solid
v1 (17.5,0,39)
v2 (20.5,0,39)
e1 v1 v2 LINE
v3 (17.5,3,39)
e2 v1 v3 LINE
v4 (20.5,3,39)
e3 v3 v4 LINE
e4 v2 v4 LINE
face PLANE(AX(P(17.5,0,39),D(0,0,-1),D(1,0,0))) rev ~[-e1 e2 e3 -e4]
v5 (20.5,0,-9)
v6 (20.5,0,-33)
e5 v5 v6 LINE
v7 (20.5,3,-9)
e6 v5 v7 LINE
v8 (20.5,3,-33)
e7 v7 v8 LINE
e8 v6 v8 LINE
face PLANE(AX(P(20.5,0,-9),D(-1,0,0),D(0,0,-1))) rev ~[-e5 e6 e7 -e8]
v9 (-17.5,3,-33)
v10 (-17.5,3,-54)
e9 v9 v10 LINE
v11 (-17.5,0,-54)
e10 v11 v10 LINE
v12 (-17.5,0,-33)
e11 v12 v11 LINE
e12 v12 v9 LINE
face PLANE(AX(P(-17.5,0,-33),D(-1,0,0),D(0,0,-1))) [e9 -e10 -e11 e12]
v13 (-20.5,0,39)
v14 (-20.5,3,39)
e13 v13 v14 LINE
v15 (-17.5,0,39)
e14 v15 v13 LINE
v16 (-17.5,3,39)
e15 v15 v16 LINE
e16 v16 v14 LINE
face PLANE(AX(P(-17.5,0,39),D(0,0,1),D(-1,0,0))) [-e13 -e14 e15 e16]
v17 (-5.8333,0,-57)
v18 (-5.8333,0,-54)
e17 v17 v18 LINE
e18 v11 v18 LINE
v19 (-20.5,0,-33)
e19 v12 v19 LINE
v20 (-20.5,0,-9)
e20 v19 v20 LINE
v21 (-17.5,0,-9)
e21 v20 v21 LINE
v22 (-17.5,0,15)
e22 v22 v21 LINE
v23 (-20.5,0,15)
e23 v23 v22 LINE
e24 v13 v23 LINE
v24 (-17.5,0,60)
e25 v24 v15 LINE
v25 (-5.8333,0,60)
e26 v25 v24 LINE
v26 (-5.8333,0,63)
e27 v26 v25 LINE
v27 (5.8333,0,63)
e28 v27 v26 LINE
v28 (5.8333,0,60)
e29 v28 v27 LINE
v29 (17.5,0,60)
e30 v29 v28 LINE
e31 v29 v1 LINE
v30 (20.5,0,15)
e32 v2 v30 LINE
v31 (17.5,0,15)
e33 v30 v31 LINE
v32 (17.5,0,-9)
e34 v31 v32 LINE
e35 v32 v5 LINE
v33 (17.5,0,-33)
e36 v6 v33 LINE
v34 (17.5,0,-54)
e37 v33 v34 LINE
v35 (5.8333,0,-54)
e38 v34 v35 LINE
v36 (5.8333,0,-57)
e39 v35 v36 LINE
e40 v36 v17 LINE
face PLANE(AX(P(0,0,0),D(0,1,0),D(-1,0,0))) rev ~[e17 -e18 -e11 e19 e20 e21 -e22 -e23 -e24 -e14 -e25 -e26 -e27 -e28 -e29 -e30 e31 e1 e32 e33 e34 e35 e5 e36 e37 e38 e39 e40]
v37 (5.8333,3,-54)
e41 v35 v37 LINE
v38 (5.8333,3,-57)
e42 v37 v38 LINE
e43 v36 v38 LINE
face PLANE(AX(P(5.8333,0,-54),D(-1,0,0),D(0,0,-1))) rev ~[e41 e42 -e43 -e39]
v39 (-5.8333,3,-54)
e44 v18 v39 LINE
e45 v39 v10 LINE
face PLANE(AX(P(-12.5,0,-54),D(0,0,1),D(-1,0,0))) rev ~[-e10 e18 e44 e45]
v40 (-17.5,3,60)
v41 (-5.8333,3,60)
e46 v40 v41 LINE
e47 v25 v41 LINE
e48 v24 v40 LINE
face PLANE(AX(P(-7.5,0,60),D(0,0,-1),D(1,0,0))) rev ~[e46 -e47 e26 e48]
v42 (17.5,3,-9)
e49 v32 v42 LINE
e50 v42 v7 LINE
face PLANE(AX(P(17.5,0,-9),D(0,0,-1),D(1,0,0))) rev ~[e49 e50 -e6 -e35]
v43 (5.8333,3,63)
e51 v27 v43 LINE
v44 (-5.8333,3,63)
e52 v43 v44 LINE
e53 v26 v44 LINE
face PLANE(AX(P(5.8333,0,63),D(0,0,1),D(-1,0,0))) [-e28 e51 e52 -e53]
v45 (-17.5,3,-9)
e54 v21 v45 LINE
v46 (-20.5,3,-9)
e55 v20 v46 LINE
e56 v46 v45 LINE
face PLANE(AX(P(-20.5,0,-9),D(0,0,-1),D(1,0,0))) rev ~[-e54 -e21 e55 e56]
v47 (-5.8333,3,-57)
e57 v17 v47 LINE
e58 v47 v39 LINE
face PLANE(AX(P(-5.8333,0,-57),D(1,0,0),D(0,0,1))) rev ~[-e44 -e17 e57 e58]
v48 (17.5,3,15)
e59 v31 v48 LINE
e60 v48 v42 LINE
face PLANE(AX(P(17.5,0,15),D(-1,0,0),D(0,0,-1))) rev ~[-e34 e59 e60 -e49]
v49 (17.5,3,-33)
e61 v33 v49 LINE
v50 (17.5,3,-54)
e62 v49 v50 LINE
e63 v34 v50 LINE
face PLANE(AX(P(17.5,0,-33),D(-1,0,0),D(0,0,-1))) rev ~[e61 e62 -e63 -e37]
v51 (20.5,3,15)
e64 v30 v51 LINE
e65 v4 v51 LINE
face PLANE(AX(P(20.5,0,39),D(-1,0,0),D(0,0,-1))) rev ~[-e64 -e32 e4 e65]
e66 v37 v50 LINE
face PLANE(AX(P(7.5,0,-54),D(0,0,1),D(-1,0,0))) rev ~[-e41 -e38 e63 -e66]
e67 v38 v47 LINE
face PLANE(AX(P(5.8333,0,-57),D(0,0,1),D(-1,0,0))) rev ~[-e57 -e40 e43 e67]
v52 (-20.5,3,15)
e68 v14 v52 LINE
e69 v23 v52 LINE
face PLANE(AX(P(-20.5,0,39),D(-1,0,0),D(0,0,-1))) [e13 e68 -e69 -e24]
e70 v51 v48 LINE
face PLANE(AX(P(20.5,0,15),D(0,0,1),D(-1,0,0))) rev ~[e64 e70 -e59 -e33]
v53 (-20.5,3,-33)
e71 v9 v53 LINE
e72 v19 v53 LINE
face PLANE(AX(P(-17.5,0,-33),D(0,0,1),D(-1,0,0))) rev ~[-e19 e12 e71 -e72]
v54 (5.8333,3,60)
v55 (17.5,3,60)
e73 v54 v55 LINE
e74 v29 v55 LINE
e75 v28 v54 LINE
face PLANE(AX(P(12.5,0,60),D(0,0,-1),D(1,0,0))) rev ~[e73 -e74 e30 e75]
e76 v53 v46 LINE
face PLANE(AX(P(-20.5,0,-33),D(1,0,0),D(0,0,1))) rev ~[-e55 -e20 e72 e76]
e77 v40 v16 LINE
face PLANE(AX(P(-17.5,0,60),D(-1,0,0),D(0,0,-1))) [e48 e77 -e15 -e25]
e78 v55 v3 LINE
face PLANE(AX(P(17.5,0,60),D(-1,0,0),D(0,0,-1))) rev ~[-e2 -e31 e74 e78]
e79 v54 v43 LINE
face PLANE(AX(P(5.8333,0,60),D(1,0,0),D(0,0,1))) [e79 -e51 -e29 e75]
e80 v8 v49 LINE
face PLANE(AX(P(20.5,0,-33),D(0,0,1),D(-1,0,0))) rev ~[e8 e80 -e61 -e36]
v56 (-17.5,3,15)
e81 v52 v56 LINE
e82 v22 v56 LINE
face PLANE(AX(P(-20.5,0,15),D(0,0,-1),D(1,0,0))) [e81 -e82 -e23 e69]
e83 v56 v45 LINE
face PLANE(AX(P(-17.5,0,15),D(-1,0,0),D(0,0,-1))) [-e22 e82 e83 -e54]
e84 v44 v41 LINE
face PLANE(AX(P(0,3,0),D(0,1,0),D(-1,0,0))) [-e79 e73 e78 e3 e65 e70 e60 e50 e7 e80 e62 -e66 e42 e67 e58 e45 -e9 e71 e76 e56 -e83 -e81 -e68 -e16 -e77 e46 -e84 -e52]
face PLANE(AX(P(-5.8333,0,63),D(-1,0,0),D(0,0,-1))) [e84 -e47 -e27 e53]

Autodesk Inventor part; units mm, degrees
ref_plane "YZ Plane" through (0, 0, 0) normal (1, 0, 0) x (0, 1, 0)
ref_plane "XZ Plane" through (0, 0, 0) normal (0, 1, 0) x (-1, 0, 0)
ref_plane "XY Plane" through (0, 0, 0) normal (0, 0, 1) x (1, 0, 0)
sketch "Sketch1" plane through (0, 0, 0) normal (0, 1, 0) x (-1, 0, 0)
  line L0 (-2.5, -54) -> (-2.5, -54)
  line L1 (-2.5, -54) -> (2.5, -54)
  line L2 (2.5, -54) -> (2.5, -54)
  line L3 (-12.5, -54) -> (-12.5, -54)
  line L4 (-12.5, -54) -> (-7.5, -54)
  line L5 (-7.5, -54) -> (-7.5, -54)
  line L6 (12.5, -54) -> (12.5, -54)
  line L7 (12.5, -54) -> (7.5, -54)
  line L8 (7.5, -54) -> (7.5, -54)
  line L9 (7.5, 60) -> (7.5, 60)
  line L10 (7.5, 60) -> (12.5, 60)
  line L11 (12.5, 60) -> (12.5, 60)
  line L12 (-2.5, 60) -> (-2.5, 60)
  line L13 (-2.5, 60) -> (2.5, 60)
  line L14 (2.5, 60) -> (2.5, 60)
  line L15 (-12.5, 60) -> (-12.5, 60)
  line L16 (-12.5, 60) -> (-7.5, 60)
  line L17 (-7.5, 60) -> (-7.5, 60)
  line L18 (17.5, 60) -> (17.5, 60)
  line L19 (17.5, -54) -> (17.5, -54)
  line L20 (-17.5, 60) -> (-17.5, 60)
  line L21 (-17.5, -54) -> (-17.5, -54)
  line L22 (17.5, -54) -> (17.5, -54)
  line L23 (17.5, 60) -> (17.5, 60)
  line L24 (12.5, -54) -> (17.5, -54)
  line L25 (2.5, -54) -> (7.5, -54)
  line L26 (-17.5, -54) -> (-12.5, -54)
  line L27 (-7.5, -54) -> (-2.5, -54)
  line L28 (-17.5, 60) -> (-17.5, 60)
  line L29 (-17.5, -54) -> (-17.5, -54)
  line L30 (-12.5, 60) -> (-17.5, 60)
  line L31 (-2.5, 60) -> (-7.5, 60)
  line L32 (17.5, 60) -> (12.5, 60)
  line L33 (7.5, 60) -> (2.5, 60)
  line L34 (17.5, -33) -> (20.5, -33)
  line L35 (20.5, -33) -> (20.5, -9)
  line L36 (20.5, -9) -> (17.5, -9)
  line L37 (17.5, 39) -> (20.5, 39)
  line L38 (20.5, 39) -> (20.5, 15)
  line L39 (20.5, 15) -> (17.5, 15)
  line L40 (-17.5, 39) -> (-20.5, 39)
  line L41 (-20.5, 39) -> (-20.5, 15)
  line L42 (-20.5, 15) -> (-17.5, 15)
  line L43 (-17.5, -9) -> (-20.5, -9)
  line L44 (-20.5, -9) -> (-20.5, -33)
  line L45 (-20.5, -33) -> (-17.5, -33)
  line L46 (17.5, -33) -> (17.5, -54)
  line L47 (17.5, 60) -> (17.5, 39)
  line L48 (17.5, 15) -> (17.5, -9)
  line L49 (-17.5, 60) -> (-17.5, 39)
  line L50 (-17.5, 15) -> (-17.5, -9)
  line L51 (-17.5, -33) -> (-17.5, -54)
  line L52 (5.8333, 60) -> (-5.8333, 60)
  line L53 (-5.8333, 60) -> (-5.8333, 63)
  line L54 (-5.8333, 63) -> (5.8333, 63)
  line L55 (5.8333, 63) -> (5.8333, 60)
  line L56 (5.8333, -54) -> (-5.8333, -54)
  line L57 (-5.8333, -54) -> (-5.8333, -57)
  line L58 (-5.8333, -57) -> (5.8333, -57)
  line L59 (5.8333, -57) -> (5.8333, -54)
  point P0 (0, 0)
  point P1 (-17.5, 50)
  point P2 (-17.5, -44)
  point P3 (17.5, -44)
  point P4 (17.5, 50)
  point P5 (-5.8333, 60)
  dimension "d40" = 35
  dimension "d49" = 0
  dimension "d50" = 0
  dimension "d55" = 17.5
  dimension "d56" = 60
  dimension "d57" = 114
  dimension "d58" = 0
  dimension "d59" = 0
  dimension "d62" = 24
  dimension "d63" = 24
  dimension "d65" = 3
  dimension "d66" = 21
  dimension "d67" = 11.6667
  dimension "d68" = 11.6667
  dimension "d69" = 3
  dimension "d70" = 3
extrude "Extrusion1" add sketch "Sketch1" along normal blind 3
equation "\"d40\" = shelfH"
equation "\"d55\" = 0.5 * shelfH"
equation "\"d56\" = 0.5 * ht"
equation "\"d57\" = -2 * tt + ht"
equation "\"d62\" = 0.2 * ht + 2 * tol"
equation "\"d63\" = 0.2 * ht - 2 * tol"
equation "\"d65\" = tt"
equation "\"d66\" = 0.2 * ht - tt"
equation "\"d67\" = 0.333333 * shelfH + 2 * tol"
equation "\"d68\" = 0.333333 * shelfH - tol"
equation "\"d69\" = tt"
equation "\"d70\" = tt"
equation "\"d31\" = tt"
equation "\"d4\" = tt"
equation "\"tt\" = 3"
equation "\"tol\" = 0"
equation "\"tiroir\" = 1"
equation "\"nHoles\" = 4"
equation "\"shelfH\" = 35"
equation "\"d42\" = 0.5 * shelfH"
equation "\"d43\" = 0.5 * shelfH"
equation "\"ht\" = 120"
properties part number "base"
